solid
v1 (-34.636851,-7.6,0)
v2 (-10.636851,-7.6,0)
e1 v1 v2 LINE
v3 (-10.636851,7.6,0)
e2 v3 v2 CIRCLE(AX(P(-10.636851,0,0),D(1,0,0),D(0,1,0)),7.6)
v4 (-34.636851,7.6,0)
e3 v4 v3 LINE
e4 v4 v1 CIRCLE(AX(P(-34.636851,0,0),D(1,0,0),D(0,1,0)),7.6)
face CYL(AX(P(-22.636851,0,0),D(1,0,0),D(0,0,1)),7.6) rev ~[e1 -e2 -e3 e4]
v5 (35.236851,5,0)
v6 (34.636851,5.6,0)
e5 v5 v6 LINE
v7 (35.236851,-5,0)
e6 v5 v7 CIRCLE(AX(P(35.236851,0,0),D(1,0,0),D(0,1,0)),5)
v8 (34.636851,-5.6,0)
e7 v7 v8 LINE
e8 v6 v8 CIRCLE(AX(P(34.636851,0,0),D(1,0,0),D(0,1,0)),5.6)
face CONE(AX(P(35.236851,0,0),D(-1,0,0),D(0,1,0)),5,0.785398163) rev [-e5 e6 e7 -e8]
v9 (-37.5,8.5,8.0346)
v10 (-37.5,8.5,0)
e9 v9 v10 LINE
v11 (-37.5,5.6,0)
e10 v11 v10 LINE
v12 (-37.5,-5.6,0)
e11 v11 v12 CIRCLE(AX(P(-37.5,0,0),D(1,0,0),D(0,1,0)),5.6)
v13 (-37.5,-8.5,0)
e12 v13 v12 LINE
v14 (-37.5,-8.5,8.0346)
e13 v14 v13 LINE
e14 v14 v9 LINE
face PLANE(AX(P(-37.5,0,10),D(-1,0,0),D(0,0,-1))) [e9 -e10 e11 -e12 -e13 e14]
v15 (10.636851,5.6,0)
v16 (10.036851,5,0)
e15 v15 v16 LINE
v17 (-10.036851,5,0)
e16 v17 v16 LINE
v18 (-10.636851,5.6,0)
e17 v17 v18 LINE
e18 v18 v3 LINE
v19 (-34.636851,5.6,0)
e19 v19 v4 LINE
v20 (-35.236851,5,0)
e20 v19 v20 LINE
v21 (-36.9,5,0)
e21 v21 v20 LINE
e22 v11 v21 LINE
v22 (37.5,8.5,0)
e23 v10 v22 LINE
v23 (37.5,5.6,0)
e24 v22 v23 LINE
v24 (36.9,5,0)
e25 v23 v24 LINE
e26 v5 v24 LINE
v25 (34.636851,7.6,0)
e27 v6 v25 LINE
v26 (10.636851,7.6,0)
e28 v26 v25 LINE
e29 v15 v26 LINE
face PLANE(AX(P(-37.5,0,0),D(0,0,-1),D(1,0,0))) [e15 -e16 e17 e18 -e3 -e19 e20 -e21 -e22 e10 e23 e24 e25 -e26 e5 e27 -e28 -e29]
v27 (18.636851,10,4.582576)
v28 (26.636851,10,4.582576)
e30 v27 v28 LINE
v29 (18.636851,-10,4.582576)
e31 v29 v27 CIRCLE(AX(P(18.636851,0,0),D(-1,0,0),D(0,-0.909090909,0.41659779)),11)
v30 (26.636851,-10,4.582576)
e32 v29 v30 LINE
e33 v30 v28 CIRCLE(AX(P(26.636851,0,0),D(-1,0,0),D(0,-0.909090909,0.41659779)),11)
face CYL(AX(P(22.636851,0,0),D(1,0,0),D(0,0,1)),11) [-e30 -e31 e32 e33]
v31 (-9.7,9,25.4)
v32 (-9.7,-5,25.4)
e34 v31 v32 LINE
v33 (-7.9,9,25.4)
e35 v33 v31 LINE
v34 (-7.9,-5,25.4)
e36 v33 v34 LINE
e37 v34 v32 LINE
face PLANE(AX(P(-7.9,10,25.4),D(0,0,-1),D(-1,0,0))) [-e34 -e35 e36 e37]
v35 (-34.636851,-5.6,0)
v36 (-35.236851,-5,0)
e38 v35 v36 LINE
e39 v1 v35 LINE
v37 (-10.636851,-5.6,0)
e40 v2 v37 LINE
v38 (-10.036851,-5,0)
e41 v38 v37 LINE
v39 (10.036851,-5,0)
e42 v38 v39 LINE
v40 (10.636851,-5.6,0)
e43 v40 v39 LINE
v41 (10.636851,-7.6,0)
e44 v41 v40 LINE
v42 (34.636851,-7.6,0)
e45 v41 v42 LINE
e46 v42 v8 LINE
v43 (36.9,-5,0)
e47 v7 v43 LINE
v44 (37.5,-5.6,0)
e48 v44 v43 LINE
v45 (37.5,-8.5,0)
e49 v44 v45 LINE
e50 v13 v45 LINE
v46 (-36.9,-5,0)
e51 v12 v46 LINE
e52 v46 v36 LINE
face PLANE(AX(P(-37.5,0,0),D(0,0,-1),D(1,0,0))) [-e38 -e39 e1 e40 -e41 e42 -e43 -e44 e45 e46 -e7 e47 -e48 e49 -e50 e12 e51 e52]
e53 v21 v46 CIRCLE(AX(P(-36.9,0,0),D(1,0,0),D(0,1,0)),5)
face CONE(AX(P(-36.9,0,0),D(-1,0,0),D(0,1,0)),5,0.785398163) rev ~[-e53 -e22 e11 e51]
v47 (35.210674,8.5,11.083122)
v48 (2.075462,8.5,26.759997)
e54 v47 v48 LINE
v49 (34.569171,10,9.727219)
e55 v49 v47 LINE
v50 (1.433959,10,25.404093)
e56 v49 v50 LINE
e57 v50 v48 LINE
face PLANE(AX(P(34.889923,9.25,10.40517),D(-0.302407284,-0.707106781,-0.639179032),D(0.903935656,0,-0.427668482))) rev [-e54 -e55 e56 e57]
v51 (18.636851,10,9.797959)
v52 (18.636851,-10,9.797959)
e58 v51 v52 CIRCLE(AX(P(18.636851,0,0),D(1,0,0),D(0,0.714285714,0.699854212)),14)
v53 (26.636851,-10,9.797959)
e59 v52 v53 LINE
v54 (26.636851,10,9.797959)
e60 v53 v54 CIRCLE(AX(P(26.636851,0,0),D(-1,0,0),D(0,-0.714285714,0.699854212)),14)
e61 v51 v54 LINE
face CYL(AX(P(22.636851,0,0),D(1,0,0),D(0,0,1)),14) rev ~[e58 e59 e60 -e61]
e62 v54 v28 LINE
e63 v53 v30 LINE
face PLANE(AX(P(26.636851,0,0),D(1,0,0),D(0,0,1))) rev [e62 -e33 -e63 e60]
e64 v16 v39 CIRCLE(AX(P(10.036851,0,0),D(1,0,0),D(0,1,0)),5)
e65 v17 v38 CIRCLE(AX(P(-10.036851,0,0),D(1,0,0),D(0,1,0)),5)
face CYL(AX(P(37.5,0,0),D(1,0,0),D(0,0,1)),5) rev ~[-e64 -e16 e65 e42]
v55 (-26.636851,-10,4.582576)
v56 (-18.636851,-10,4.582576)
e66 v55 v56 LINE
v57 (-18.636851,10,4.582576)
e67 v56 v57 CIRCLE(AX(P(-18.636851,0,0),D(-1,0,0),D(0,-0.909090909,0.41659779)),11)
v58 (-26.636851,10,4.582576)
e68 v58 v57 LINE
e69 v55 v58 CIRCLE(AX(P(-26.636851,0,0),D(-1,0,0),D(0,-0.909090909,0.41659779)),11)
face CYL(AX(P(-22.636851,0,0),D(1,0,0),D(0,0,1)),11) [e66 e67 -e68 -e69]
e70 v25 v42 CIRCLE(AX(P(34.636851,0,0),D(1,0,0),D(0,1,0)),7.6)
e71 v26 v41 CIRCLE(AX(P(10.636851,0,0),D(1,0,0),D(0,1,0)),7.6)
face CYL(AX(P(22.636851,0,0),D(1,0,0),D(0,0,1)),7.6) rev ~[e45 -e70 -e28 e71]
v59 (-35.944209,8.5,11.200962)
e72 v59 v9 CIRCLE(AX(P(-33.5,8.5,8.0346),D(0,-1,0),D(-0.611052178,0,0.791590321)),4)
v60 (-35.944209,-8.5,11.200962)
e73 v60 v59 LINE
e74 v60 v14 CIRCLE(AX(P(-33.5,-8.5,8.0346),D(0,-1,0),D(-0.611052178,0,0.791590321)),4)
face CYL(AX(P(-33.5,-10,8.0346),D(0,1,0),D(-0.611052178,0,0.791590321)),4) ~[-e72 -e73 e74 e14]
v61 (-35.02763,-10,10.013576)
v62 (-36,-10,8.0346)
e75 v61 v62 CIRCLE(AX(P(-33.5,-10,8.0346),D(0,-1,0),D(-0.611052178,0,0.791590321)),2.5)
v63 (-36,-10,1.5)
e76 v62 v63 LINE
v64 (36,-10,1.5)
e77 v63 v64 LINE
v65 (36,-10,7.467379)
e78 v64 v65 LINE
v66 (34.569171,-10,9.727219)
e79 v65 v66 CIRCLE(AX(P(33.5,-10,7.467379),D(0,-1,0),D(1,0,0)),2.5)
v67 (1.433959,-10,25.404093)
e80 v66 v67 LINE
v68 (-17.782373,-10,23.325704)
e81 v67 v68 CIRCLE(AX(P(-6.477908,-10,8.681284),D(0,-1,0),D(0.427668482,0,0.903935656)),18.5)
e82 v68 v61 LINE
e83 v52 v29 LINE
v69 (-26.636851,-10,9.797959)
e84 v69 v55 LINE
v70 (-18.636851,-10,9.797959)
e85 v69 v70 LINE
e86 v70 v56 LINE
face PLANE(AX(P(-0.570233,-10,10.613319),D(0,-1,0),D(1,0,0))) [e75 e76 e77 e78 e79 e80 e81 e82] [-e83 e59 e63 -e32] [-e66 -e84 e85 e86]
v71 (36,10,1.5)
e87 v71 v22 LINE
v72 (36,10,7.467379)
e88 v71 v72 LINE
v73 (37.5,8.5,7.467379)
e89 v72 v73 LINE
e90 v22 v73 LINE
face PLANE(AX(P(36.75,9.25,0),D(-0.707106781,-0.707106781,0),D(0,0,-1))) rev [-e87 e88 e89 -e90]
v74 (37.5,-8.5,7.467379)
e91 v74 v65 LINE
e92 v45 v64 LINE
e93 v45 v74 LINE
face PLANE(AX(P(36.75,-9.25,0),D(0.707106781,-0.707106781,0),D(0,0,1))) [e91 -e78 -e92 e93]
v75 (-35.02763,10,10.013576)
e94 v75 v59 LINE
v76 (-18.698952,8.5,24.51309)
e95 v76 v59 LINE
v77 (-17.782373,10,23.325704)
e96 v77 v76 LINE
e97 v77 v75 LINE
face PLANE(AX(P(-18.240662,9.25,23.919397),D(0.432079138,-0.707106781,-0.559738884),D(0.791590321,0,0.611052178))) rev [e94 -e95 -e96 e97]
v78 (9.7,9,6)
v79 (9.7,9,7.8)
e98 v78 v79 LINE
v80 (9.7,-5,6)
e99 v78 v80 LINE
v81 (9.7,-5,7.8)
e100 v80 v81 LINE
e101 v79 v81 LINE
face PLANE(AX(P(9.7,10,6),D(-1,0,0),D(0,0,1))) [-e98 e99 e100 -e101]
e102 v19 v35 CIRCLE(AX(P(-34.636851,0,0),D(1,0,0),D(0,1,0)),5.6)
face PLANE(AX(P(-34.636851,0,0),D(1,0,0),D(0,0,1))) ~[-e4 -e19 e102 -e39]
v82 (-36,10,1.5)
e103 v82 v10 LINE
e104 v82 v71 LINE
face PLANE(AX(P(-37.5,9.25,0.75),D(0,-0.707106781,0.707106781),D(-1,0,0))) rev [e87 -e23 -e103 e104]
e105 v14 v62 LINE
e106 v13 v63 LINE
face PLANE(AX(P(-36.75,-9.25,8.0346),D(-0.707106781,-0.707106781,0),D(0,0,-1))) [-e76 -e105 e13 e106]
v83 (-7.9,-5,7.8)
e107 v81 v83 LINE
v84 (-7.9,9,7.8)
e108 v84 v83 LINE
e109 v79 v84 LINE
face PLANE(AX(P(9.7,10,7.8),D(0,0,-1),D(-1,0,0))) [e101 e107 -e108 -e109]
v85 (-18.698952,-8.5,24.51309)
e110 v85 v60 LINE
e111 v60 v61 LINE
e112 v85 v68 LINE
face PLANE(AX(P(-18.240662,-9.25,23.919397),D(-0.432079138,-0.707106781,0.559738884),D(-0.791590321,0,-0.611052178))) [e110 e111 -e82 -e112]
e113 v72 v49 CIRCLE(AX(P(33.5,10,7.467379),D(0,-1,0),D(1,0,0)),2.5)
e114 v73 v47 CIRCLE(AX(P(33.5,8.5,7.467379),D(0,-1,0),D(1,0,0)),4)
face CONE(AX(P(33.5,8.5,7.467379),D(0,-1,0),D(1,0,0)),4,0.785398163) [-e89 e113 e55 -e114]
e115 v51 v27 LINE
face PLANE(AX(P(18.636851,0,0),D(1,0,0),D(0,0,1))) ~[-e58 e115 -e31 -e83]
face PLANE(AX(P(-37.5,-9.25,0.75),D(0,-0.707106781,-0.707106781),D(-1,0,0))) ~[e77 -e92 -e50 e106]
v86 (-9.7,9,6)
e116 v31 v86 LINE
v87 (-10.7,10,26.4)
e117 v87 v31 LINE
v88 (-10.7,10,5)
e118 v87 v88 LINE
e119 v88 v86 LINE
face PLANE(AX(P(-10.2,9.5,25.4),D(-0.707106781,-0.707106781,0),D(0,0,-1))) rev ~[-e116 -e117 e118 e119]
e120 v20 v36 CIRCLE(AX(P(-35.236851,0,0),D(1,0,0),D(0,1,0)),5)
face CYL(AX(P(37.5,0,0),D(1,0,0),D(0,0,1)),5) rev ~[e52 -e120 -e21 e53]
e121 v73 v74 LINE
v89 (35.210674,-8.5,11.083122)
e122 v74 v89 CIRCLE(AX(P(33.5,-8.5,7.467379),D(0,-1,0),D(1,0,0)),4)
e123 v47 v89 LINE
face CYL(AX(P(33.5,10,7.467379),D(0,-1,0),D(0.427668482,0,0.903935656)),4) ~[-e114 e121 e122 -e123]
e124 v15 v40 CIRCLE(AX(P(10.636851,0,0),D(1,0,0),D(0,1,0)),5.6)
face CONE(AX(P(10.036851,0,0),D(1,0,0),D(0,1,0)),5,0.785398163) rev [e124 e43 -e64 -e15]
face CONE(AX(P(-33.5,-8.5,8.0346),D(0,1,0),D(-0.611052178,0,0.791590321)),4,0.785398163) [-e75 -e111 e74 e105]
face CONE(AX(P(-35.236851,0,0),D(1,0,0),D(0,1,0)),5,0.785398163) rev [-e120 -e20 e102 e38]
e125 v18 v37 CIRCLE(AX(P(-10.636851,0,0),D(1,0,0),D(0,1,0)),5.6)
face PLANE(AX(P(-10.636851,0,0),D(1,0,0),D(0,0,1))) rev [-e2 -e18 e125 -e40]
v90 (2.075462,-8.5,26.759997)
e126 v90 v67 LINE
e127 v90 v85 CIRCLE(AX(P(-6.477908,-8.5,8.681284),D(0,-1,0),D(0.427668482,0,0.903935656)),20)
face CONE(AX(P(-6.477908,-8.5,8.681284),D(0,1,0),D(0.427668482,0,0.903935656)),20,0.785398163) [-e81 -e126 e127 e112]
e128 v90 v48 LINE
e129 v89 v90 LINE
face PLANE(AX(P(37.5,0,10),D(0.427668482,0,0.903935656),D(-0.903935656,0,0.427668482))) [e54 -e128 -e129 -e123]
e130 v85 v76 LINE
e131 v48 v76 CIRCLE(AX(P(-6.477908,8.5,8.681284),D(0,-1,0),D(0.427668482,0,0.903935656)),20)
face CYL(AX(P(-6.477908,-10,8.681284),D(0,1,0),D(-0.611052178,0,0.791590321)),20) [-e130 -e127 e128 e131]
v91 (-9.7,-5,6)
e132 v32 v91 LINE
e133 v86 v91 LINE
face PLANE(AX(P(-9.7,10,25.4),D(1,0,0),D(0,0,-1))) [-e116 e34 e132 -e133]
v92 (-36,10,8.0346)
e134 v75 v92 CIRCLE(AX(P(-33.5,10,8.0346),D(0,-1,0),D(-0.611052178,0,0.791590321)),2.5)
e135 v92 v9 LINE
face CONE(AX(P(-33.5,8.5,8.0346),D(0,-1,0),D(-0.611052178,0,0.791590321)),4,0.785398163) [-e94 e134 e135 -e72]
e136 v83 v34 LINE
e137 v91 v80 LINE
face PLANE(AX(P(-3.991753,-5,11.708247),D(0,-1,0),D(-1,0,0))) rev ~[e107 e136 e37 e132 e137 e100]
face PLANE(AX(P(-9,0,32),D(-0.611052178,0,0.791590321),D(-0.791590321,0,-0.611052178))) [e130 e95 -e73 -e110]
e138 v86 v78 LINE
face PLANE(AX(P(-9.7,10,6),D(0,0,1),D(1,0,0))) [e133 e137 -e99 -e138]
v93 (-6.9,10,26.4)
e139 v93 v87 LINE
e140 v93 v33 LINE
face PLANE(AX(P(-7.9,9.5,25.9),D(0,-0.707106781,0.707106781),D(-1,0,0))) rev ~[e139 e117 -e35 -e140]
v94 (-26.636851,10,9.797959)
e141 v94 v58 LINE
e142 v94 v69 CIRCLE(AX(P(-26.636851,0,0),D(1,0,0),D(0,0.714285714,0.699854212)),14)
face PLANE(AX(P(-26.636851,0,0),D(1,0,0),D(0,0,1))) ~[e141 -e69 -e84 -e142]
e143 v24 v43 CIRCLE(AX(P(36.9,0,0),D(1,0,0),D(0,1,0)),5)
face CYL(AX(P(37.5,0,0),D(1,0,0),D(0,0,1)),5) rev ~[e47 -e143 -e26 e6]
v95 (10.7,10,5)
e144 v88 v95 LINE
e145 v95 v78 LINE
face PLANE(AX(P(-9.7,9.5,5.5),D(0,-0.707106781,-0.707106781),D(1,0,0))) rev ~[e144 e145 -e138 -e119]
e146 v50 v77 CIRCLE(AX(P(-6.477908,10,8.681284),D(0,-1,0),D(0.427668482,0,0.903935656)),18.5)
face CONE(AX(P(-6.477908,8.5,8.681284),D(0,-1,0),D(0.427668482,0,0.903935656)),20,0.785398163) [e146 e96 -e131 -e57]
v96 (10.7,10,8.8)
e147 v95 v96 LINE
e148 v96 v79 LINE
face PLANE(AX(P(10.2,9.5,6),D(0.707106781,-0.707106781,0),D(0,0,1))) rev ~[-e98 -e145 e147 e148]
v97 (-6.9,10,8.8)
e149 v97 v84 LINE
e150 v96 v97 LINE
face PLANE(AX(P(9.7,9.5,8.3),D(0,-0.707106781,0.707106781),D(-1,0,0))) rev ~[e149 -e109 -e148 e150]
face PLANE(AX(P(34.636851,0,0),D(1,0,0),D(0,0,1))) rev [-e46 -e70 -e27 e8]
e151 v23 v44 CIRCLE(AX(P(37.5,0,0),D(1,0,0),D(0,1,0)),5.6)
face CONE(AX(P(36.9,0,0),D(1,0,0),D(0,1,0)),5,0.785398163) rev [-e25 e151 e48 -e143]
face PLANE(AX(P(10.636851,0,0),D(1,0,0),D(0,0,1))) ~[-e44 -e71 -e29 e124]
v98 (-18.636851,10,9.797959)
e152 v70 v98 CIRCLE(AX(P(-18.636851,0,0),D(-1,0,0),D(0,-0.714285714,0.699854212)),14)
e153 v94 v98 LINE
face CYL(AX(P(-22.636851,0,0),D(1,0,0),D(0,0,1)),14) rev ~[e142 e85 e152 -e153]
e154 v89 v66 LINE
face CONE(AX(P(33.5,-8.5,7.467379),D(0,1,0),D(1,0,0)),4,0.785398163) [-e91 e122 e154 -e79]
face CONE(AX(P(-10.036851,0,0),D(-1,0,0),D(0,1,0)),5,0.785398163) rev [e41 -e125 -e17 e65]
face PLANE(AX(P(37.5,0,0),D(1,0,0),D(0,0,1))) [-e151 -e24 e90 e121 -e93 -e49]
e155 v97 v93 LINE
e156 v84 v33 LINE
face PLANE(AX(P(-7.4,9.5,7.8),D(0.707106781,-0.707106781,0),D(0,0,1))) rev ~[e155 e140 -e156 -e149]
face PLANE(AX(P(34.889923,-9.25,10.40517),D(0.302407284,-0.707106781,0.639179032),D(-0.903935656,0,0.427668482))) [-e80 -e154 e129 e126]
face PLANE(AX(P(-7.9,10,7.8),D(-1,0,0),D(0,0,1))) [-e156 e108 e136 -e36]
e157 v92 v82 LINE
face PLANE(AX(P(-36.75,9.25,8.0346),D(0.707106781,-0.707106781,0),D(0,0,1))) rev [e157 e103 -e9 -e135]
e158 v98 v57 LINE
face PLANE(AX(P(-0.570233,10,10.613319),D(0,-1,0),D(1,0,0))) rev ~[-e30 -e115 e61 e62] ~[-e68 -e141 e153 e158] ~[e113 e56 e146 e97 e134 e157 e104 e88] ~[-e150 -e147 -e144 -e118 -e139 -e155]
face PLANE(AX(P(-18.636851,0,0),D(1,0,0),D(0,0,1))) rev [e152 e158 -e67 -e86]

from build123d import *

# Parameters (mm, degrees)
PAD_DEPTH       = 10
SKETCH001_R     = 5
POCKET_DEPTH    = 75.001
POCKET001_DEPTH = 15
SKETCH003_W     = 24
SKETCH003_H     = 7.6
SKETCH003_W_2   = 8
SKETCH003_H_2   = 3
CHAMFER_SIZE    = 0.6
FILLET_R        = 20
FILLET001_R     = 4
CHAMFER001_SIZE = 1.5
CHAMFER002_SIZE = 1


with BuildPart() as part:
    # Sketch → Pad (new body, symmetric)
    with BuildSketch(Plane.XZ):
        Polygon((-37.5, 0), (37.5, 0), (37.5, 10), (-9, 32), (-37.5, 10), align=None)
    extrude(amount=PAD_DEPTH, both=True)

    # Sketch001 (on Face2 of Pad) → Pocket (cut, through all)
    with BuildSketch(Plane(origin=(37.5, 0, 0), x_dir=(0, 0, 1), z_dir=(1, 0, 0))):
        Circle(SKETCH001_R)
    extrude(amount=-POCKET_DEPTH, mode=Mode.SUBTRACT)

    # Sketch002 (on Face2 of Pocket) → Pocket001 (cut)
    with BuildSketch(Plane(origin=(0, 10, 0), x_dir=(1, 0, 0), z_dir=(0, 1, 0))):
        Polygon((-9.7, -25.4), (-9.7, -6), (9.7, -6), (9.7, -7.8), (-7.9, -7.8), (-7.9, -25.4), align=None)
    extrude(amount=-POCKET001_DEPTH, mode=Mode.SUBTRACT)

    # Sketch003 → Groove (revolve, cut)
    with BuildSketch(Plane.XZ):
        with Locations((-22.636851, 3.8)):
            Rectangle(SKETCH003_W, SKETCH003_H)
        with Locations((22.636851, 3.8)):
            Rectangle(SKETCH003_W, SKETCH003_H)
        with Locations((-22.636851, 12.5)):
            Rectangle(SKETCH003_W_2, SKETCH003_H_2)
        with Locations((22.636851, 12.5)):
            Rectangle(SKETCH003_W_2, SKETCH003_H_2)
    revolve(axis=Axis((0, 0, 0), (1, 0, 0)), mode=Mode.SUBTRACT)

    # Chamfer
    chamfer_edges = [part.edges().sort_by_distance(p)[0] for p in [
        (37.5, 3.535534, 3.535534),
        (34.636851, 0, 5),
        (10.636851, 0, 5),
        (-10.636851, 0, 5),
        (-34.636851, 0, 5),
        (-37.5, 3.535534, 3.535534),
    ]]
    chamfer(chamfer_edges, length=CHAMFER_SIZE)

    # Fillet
    fillet_edges = [part.edges().sort_by_distance(p)[0] for p in [
        (-9, 0, 32),
    ]]
    fillet(fillet_edges, radius=FILLET_R)

    # Fillet001
    fillet001_edges = [part.edges().sort_by_distance(p)[0] for p in [
        (37.5, 0, 10),
        (-37.5, 0, 10),
    ]]
    fillet(fillet001_edges, radius=FILLET001_R)

    # Chamfer001
    chamfer001_edges = [part.edges().sort_by_distance(p)[0] for p in [
        (18.643068, 10, 18.921559),
        (0, 10, 0),
        (18.643068, -10, 18.921559),
        (0, -10, 0),
    ]]
    chamfer(chamfer001_edges, length=CHAMFER001_SIZE)

    # Chamfer002
    chamfer002_edges = [part.edges().sort_by_distance(p)[0] for p in [
        (-9.7, 10, 15.7),
        (-7.9, 10, 16.6),
        (-8.8, 10, 25.4),
        (0, 10, 6),
        (0.9, 10, 7.8),
        (9.7, 10, 6.9),
    ]]
    chamfer(chamfer002_edges, length=CHAMFER002_SIZE)


solid = part.part
